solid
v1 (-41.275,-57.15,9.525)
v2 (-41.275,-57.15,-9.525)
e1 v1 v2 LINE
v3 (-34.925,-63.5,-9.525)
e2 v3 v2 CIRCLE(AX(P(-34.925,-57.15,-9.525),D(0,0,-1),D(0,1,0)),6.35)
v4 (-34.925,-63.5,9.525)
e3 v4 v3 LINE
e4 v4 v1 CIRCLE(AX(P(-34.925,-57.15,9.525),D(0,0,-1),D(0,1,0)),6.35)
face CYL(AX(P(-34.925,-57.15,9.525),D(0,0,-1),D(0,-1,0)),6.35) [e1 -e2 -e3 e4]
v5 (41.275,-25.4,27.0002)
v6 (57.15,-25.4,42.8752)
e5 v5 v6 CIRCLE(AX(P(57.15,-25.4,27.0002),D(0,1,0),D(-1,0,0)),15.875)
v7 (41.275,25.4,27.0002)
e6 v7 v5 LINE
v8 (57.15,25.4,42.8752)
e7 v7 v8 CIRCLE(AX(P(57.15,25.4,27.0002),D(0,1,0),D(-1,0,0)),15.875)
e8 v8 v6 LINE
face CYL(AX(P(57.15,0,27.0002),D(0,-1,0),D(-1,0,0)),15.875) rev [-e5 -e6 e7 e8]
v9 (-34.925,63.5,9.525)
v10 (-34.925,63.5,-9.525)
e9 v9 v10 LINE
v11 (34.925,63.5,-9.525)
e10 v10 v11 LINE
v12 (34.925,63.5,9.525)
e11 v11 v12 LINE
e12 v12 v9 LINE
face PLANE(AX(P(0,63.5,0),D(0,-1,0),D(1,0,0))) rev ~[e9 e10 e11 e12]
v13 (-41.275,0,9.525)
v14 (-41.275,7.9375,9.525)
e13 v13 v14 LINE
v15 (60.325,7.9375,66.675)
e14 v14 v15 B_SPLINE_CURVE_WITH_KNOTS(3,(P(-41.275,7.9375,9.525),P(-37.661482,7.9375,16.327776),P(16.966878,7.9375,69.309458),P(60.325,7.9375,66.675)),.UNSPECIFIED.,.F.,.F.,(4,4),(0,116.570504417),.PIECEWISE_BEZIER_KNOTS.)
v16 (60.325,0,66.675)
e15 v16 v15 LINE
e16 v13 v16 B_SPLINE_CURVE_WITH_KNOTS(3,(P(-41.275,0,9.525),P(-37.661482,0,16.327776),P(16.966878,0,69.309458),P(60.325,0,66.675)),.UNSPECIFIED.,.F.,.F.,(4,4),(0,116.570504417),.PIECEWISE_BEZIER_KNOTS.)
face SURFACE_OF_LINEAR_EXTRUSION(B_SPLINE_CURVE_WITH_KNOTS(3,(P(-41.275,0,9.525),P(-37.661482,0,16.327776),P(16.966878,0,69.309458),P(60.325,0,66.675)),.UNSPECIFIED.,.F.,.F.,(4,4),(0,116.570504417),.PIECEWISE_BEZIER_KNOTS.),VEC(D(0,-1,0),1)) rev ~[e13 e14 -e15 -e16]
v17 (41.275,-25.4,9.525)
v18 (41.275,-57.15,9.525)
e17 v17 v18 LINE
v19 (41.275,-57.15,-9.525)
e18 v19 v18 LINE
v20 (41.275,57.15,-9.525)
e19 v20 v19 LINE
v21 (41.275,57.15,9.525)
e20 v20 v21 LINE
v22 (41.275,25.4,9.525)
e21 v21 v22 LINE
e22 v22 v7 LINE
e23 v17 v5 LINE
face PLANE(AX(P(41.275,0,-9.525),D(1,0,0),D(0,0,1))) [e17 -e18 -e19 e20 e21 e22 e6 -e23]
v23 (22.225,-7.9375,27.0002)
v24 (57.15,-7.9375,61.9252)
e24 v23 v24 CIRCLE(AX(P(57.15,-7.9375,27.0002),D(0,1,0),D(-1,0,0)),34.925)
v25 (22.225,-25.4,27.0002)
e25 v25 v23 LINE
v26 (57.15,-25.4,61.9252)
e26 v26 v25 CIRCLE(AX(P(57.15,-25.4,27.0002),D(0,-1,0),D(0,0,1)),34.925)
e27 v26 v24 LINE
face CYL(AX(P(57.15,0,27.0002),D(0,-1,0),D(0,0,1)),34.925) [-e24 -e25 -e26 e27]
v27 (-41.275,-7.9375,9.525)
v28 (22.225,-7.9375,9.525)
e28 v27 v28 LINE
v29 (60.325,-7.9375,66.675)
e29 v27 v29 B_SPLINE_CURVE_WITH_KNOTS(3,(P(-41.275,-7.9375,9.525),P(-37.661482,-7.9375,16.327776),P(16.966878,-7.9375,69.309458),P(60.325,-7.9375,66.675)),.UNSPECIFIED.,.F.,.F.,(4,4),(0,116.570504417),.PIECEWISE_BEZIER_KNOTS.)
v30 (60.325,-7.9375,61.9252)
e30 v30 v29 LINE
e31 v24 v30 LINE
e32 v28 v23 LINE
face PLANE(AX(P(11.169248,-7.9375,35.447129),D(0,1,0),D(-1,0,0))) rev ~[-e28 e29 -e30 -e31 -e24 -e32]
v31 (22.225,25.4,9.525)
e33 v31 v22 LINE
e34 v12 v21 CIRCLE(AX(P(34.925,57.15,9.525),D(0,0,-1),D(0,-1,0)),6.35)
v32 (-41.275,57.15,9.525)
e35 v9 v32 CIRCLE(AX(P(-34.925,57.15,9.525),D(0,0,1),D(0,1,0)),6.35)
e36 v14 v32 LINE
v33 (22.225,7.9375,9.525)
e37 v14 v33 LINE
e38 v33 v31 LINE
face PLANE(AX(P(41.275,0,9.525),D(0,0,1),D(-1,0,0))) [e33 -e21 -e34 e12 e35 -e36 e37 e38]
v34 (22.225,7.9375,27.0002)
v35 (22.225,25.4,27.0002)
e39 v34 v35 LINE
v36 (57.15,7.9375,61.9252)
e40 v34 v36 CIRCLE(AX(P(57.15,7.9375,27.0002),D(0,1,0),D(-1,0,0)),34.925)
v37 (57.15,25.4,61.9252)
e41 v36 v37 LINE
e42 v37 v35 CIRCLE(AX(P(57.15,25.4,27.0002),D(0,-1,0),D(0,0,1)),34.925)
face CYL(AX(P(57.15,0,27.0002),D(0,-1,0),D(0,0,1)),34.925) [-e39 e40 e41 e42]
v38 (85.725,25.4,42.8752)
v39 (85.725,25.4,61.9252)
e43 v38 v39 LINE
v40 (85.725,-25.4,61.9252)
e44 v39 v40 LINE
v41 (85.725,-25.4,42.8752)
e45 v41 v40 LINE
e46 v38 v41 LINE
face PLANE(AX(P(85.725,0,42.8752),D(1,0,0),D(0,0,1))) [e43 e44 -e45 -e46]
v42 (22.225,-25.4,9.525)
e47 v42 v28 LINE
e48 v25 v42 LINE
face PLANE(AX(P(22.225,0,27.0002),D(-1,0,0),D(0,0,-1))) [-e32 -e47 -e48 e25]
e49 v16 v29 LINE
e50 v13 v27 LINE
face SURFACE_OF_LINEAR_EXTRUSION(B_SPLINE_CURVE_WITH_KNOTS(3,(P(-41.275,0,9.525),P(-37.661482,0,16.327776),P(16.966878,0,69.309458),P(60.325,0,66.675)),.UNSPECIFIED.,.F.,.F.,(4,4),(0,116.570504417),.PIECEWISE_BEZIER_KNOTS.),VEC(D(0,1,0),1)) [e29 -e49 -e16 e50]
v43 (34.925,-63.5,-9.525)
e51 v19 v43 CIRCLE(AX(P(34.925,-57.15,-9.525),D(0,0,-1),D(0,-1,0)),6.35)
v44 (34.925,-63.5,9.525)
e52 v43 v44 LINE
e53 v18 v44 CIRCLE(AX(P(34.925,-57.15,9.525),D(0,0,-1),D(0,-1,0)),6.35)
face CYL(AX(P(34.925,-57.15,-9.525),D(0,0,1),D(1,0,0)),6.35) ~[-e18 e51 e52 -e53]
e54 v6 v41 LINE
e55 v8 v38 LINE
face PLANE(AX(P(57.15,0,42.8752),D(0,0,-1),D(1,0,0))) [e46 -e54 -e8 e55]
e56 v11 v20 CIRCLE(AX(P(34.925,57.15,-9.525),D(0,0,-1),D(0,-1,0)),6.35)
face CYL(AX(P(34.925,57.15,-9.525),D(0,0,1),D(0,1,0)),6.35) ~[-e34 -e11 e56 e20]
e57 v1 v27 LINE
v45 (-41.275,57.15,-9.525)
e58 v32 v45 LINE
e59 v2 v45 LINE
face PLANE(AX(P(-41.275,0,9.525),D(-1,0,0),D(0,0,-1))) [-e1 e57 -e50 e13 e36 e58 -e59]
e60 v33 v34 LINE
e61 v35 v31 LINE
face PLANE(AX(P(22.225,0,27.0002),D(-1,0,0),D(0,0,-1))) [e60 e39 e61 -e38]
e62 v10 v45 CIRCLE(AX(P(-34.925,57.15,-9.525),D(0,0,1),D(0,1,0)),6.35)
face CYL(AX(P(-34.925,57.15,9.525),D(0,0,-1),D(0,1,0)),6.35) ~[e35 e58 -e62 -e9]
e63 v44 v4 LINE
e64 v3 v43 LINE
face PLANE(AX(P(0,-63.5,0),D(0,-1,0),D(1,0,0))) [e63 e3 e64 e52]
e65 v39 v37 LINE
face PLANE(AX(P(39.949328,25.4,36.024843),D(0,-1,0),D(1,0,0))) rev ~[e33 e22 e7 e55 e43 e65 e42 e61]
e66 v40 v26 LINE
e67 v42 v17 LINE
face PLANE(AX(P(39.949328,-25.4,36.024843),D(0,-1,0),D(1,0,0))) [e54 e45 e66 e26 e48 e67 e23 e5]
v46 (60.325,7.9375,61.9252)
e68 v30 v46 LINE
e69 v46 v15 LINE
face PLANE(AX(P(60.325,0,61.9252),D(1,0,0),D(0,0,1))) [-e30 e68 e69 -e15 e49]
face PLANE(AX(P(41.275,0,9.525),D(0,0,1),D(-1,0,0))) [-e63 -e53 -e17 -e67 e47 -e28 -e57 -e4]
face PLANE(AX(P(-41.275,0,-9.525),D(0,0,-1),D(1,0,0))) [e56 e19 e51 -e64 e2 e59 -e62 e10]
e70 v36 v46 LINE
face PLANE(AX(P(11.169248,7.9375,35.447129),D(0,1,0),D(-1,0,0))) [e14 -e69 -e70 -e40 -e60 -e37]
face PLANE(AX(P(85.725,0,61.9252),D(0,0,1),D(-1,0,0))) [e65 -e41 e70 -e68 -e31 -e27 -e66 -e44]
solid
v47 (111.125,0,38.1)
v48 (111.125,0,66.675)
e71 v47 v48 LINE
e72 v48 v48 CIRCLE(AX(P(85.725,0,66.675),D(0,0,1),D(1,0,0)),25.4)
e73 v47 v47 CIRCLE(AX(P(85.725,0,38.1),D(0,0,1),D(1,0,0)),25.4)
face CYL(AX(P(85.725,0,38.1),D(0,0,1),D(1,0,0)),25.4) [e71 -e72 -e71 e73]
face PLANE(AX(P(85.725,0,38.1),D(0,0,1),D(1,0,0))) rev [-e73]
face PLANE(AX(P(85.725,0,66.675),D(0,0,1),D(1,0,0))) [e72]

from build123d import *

# Parameters (mm, degrees)
F1_DEPTH = 63.5
F0_W     = 25.4
F0_H     = 19.05
F2_DEPTH = 25.4
F3_DEPTH = 7.9375
F5_R     = 6.35


with BuildPart() as f1:
    # F0 (on Front) → F1 (new body, symmetric)
    with BuildSketch(Plane.XZ):
        Polygon((-41.275, -9.525), (41.275, -9.525), (41.275, 9.525), (22.225, 9.525), (17.4752, 9.525), (-41.275, 9.525), align=None)
    extrude(amount=F1_DEPTH, both=True)

    # F0 (on Front) → F2 (join, symmetric)
    with BuildSketch(Plane.XZ):
        with BuildLine():
            Line((22.225, 9.525), (41.275, 9.525))
            Line((41.275, 9.525), (41.275, 27.0002))
            ThreePointArc((41.275, 27.0002), (45.9246798487, 38.2255201513), (57.15, 42.8752))
            Line((57.15, 42.8752), (60.325, 42.8752))
            Line((60.325, 42.8752), (60.325, 61.9252))
            Line((60.325, 61.9252), (57.15, 61.9252))
            ThreePointArc((57.15, 61.9252), (32.4542956671, 51.6959043329), (22.225, 27.0002))
            Line((22.225, 27.0002), (22.225, 9.525))
        make_face()
        with Locations((73.025, 52.4002)):
            Rectangle(F0_W, F0_H)
    extrude(amount=F2_DEPTH, both=True)

    # F0 (on Front) → F3 (join, symmetric)
    with BuildSketch(Plane.XZ):
        with BuildLine():
            add(Edge.make_bspline(
                [(-41.275, 9.525), (-37.6614816487, 16.3277760148), (16.9668775052, 69.3094581366), (60.325, 66.675)],
                knots=[0, 0, 0, 0, 116.5705044169, 116.5705044169, 116.5705044169, 116.5705044169], degree=3))
            Line((-41.275, 9.525), (17.4752, 9.525))
            Line((17.4752, 9.525), (22.225, 9.525))
            Line((22.225, 9.525), (22.225, 27.0002))
            ThreePointArc((22.225, 27.0002), (32.4542956671, 51.6959043329), (57.15, 61.9252))
            Line((57.15, 61.9252), (60.325, 61.9252))
            Line((60.325, 61.9252), (60.325, 66.675))
        make_face()
    extrude(amount=F3_DEPTH, both=True)

    # F5
    f5_edges = [f1.edges().sort_by_distance(p)[0] for p in [
        (-41.275, -63.5, 0),
        (41.275, -63.5, 0),
        (-41.275, 63.5, 0),
        (41.275, 63.5, 0),
    ]]
    fillet(f5_edges, radius=F5_R)


with BuildPart() as f4:
    # F0 (on Front) → F4 (revolve)
    with BuildSketch(Plane.XZ):
        Polygon((88.9, 66.675), (85.725, 66.675), (85.725, 61.9252), (85.725, 42.8752), (85.725, 38.1), (111.125, 38.1), (111.125, 66.675), align=None)
    revolve(axis=Axis((85.725, 0, 52.3875), (0, 0, 1)))


solid = Compound([f1.part, f4.part])
